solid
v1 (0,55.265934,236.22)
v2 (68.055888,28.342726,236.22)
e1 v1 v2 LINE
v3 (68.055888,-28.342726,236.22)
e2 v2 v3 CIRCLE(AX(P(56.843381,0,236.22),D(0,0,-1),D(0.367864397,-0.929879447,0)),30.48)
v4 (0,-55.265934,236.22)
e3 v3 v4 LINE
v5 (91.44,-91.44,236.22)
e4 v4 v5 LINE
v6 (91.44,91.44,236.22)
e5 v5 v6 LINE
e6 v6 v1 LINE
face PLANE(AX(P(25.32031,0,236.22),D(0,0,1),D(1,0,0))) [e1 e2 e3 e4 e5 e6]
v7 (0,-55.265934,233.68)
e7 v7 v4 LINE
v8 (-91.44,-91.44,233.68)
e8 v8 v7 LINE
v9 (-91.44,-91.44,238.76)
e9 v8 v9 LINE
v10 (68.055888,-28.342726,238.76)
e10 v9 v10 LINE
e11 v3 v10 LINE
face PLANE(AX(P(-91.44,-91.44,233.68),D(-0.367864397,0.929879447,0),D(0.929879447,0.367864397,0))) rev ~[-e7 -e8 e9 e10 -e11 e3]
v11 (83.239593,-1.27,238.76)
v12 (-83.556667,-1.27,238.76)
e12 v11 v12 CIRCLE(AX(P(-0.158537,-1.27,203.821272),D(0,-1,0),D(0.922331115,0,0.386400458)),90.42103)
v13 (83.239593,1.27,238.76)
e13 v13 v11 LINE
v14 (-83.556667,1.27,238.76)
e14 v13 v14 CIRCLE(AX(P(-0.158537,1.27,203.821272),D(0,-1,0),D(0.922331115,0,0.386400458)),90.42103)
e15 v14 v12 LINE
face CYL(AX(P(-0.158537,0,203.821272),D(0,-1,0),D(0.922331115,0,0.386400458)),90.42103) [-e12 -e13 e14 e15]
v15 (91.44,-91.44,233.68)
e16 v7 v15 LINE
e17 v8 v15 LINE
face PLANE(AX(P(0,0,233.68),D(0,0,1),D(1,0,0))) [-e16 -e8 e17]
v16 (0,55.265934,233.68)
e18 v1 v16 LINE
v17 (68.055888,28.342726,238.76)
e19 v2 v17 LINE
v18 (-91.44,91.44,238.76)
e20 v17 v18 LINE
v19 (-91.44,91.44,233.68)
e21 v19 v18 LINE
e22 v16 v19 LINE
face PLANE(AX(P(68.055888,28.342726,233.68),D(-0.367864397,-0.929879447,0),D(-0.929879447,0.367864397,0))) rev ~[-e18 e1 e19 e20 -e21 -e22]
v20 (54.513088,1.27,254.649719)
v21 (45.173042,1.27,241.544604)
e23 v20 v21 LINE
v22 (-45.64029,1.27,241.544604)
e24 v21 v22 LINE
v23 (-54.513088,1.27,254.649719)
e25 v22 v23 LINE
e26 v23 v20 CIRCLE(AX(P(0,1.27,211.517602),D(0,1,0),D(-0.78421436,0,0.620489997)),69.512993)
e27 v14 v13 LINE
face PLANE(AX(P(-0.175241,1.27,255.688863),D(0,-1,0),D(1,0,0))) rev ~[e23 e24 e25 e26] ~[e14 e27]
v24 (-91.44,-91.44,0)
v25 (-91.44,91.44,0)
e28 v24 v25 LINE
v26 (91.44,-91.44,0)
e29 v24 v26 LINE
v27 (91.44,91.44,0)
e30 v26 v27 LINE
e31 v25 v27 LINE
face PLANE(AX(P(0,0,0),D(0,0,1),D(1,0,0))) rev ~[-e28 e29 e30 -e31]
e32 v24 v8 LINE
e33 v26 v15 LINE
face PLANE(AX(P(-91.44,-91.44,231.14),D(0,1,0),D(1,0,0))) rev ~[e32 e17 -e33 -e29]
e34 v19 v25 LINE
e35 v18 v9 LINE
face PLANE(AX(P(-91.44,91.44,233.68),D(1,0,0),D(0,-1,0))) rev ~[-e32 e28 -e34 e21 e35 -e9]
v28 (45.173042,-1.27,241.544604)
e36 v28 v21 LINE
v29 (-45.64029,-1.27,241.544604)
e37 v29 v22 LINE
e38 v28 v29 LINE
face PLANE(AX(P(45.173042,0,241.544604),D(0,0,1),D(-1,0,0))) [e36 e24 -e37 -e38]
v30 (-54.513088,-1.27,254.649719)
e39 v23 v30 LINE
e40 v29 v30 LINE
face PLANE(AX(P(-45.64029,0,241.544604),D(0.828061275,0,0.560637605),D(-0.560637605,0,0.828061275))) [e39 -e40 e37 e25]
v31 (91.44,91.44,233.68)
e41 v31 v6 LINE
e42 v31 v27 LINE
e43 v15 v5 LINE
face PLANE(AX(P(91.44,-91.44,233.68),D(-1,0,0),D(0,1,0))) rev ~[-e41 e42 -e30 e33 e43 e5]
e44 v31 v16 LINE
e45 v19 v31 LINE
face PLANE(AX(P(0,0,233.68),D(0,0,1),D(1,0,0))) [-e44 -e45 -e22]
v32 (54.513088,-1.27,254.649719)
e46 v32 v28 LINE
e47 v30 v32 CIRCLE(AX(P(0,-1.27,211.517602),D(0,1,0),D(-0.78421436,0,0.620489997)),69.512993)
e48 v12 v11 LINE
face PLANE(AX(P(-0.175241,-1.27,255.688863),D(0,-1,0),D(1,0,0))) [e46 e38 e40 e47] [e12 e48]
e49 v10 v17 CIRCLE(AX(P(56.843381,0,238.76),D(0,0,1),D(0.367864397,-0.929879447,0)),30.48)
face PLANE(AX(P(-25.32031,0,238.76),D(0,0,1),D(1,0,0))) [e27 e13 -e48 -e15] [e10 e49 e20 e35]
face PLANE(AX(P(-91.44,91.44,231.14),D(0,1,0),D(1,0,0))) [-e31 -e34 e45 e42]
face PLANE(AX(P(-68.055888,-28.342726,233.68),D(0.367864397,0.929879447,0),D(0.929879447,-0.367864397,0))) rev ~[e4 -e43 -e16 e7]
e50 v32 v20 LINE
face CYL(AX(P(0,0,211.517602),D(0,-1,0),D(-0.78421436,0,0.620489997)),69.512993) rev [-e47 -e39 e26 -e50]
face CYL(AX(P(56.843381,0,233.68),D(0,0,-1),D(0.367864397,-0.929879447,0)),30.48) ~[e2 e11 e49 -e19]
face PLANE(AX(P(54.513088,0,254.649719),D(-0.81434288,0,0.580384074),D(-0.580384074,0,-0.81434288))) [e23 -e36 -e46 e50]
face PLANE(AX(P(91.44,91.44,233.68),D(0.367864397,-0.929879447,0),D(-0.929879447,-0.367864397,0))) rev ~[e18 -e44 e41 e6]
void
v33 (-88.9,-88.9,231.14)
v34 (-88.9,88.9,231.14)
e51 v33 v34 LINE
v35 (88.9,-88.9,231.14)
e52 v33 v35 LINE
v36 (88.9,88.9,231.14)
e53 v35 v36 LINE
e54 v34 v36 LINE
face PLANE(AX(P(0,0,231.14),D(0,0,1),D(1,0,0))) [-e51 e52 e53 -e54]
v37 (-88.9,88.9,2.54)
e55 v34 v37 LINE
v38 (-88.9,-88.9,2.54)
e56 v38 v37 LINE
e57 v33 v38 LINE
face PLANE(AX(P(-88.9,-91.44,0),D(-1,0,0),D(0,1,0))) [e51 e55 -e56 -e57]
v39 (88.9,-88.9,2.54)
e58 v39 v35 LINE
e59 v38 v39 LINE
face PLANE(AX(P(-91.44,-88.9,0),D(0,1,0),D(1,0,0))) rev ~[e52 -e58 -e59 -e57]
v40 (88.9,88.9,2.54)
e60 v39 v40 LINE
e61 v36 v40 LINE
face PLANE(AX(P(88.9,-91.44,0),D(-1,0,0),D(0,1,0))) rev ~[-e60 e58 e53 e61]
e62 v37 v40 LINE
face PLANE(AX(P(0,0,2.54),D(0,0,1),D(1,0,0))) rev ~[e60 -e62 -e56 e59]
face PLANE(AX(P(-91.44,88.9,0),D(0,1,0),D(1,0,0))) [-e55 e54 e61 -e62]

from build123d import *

# Parameters (mm, degrees)
F0_W      = 182.88
F0_H      = 182.88
F1_DEPTH  = 231.14
F2_T      = -2.54
F3_W      = 182.88
F3_H      = 182.88
F4_DEPTH  = 2.54
F6_DEPTH  = 2.54
F8_DEPTH  = 5.08
F10_DEPTH = 1.27


with BuildPart() as f1:
    # F0 (on Top) → F1 (new body)
    with BuildSketch(Plane.XY):
        Rectangle(F0_W, F0_H)
    extrude(amount=F1_DEPTH)

    # F2
    f2_openings = [f1.faces().sort_by_distance(p)[0] for p in [
        (0, 0, 231.14),
    ]]
    offset(amount=F2_T, openings=f2_openings)

    # F3 (on face) → F4 (join)
    with BuildSketch(Plane.XY.offset(231.14)):
        Rectangle(F3_W, F3_H)
    extrude(amount=F4_DEPTH)

    # F5 (on face) → F6 (join)
    with BuildSketch(Plane.XY.offset(233.68)):
        with BuildLine():
            Line((91.44, -91.44), (91.44, 91.44))
            Line((91.44, 91.44), (-68.0558882158, 28.342725541))
            ThreePointArc((-68.0558882158, 28.342725541), (-87.3233814083, 0), (-68.0558882158, -28.342725541))
            Line((-68.0558882158, -28.342725541), (91.44, -91.44))
        make_face()
    extrude(amount=F6_DEPTH)

    # F7 (on face) → F8 (join)
    with BuildSketch(Plane.XY.offset(233.68)):
        with BuildLine():
            Line((68.0558882158, 28.342725541), (-91.44, 91.44))
            Line((-91.44, 91.44), (-91.44, -91.44))
            Line((-91.44, -91.44), (68.0558882158, -28.342725541))
            ThreePointArc((68.0558882158, -28.342725541), (87.3233814083, 0), (68.0558882158, 28.342725541))
        make_face()
    extrude(amount=F8_DEPTH)

    # F9 (on Front) → F10 (join, symmetric)
    with BuildSketch(Plane.XZ):
        with BuildLine():
            Line((83.2395926118, 236.8696480989), (83.2395926118, 238.76))
            ThreePointArc((83.2395926118, 238.76), (-0.1585371792, 294.2423028387), (-83.5566669703, 238.76))
            Line((-83.5566669703, 238.76), (-83.6300104856, 236.8696480989))
            Line((-83.6300104856, 236.8696480989), (83.2395926118, 236.8696480989))
        make_face()
        with BuildLine():
            ThreePointArc((-54.5130875391, 254.6497191946), (0, 281.0305954441), (54.5130875391, 254.6497191946))
            Line((54.5130875391, 254.6497191946), (45.1730415225, 241.5446043015))
            Line((45.1730415225, 241.5446043015), (-45.6402897835, 241.5446043015))
            Line((-45.6402897835, 241.5446043015), (-54.5130875391, 254.6497191946))
        make_face(mode=Mode.SUBTRACT)
    extrude(amount=F10_DEPTH, both=True)


solid = f1.part
